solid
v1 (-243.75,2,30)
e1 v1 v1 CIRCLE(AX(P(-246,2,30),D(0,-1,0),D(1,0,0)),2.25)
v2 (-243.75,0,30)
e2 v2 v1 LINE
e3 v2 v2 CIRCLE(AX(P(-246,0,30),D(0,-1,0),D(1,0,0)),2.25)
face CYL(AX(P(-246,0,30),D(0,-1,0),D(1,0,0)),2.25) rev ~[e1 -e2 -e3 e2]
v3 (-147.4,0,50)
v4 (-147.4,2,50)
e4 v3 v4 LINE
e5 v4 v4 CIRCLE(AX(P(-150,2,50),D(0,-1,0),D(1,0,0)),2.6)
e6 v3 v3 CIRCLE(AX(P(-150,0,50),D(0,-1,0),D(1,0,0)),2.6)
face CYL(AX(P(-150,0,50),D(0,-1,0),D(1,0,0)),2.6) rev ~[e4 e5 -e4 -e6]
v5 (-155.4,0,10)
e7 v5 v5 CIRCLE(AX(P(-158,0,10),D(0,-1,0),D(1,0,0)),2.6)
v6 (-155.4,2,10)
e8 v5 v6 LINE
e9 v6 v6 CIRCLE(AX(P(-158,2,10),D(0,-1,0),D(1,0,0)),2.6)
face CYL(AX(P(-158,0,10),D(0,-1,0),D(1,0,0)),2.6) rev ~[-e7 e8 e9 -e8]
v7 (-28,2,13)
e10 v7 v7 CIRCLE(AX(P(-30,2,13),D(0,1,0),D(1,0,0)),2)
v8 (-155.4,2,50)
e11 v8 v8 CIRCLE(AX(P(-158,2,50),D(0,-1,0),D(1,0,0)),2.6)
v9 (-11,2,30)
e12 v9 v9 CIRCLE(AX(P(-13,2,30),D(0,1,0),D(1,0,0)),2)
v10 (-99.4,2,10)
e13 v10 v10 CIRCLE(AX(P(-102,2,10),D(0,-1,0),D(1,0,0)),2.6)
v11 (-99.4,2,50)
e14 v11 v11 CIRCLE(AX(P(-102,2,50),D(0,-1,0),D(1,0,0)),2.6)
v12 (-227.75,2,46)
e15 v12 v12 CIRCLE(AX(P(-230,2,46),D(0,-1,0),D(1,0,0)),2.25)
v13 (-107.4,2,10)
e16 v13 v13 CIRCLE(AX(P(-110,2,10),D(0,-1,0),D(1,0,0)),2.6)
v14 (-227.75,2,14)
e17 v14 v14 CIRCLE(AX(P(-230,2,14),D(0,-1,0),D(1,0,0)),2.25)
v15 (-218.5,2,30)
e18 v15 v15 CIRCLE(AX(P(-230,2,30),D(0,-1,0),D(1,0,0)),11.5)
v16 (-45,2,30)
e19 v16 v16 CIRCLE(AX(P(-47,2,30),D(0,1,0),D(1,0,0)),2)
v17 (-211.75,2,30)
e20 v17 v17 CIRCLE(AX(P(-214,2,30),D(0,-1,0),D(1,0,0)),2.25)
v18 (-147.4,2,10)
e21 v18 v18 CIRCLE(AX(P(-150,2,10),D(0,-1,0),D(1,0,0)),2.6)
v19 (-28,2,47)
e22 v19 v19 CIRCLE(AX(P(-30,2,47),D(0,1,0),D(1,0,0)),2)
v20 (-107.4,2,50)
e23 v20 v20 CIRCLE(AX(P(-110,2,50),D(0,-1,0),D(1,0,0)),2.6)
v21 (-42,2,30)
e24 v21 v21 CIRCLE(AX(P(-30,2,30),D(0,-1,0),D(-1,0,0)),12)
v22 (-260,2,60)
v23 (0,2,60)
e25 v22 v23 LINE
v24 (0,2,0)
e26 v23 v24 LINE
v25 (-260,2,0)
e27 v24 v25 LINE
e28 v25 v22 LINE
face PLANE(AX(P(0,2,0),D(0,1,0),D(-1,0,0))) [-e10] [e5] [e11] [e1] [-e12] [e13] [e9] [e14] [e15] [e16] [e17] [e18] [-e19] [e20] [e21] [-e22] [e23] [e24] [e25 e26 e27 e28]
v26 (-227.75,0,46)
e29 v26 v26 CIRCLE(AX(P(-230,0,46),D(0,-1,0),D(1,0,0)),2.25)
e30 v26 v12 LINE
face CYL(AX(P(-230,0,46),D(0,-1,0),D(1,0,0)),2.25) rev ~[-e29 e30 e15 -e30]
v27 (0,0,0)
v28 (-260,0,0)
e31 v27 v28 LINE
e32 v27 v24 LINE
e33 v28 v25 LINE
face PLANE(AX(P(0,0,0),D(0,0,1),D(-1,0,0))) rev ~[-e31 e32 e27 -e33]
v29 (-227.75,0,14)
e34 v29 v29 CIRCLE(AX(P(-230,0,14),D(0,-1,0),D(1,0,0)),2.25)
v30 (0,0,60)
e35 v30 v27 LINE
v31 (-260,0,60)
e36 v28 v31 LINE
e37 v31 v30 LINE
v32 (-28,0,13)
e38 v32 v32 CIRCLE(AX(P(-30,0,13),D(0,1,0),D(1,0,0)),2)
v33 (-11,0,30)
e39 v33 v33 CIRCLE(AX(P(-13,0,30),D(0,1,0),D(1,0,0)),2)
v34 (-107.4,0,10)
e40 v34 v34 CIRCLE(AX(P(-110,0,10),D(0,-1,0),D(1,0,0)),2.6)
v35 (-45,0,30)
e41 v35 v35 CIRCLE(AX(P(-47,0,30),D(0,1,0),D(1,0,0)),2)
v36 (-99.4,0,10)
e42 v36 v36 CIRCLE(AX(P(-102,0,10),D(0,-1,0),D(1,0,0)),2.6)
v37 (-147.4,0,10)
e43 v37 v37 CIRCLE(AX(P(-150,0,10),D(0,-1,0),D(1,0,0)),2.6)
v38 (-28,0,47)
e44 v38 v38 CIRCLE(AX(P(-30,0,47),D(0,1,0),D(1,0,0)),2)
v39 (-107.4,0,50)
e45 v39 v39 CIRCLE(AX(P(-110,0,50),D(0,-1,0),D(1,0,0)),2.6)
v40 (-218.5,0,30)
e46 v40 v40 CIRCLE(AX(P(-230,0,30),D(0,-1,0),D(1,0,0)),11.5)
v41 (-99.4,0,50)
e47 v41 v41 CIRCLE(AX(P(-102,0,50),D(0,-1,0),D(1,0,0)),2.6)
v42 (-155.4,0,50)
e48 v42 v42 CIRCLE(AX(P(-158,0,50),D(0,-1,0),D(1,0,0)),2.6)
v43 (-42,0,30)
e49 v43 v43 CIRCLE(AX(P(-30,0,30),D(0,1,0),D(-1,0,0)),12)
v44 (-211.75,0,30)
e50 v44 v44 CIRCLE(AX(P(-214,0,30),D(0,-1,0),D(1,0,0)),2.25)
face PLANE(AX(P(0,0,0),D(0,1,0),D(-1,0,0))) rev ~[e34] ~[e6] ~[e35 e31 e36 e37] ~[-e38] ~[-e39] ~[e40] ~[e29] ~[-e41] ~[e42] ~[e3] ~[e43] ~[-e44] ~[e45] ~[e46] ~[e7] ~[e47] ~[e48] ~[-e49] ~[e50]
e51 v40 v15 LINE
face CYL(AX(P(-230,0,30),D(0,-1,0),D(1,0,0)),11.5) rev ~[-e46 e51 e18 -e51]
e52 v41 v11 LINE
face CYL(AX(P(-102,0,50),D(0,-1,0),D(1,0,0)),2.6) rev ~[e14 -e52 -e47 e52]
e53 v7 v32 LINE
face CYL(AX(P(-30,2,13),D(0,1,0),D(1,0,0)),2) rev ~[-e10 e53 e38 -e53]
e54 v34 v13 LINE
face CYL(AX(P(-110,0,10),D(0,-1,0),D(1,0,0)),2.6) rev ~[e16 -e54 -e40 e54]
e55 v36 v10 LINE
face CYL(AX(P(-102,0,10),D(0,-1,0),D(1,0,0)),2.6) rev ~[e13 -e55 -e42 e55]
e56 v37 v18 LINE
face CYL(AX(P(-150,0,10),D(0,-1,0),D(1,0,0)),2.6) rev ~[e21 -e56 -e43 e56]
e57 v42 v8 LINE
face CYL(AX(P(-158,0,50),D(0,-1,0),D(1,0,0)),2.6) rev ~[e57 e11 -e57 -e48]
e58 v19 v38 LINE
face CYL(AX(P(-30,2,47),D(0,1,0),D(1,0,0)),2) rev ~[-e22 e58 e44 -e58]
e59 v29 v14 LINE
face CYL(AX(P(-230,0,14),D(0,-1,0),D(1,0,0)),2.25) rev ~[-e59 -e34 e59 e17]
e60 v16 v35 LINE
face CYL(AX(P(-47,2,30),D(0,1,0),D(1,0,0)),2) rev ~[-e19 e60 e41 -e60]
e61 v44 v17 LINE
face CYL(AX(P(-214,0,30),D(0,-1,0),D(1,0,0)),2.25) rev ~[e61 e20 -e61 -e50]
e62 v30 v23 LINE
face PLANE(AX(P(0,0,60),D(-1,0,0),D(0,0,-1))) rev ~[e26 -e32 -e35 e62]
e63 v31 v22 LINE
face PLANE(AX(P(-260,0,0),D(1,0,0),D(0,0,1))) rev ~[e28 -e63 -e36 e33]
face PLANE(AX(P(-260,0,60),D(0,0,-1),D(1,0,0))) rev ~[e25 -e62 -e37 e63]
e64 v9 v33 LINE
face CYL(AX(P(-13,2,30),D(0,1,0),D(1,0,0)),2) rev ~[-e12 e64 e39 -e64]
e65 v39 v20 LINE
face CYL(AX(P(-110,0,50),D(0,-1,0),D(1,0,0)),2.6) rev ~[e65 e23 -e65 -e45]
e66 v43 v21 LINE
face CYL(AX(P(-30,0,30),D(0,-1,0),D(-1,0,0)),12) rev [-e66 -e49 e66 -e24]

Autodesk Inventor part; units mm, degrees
ref_plane "YZ Plane" through (0, 0, 0) normal (1, 0, 0) x (0, 1, 0)
ref_plane "XZ Plane" through (0, 0, 0) normal (0, 1, 0) x (-1, 0, 0)
ref_plane "XY Plane" through (0, 0, 0) normal (0, 0, 1) x (1, 0, 0)
sketch "スケッチ1" plane through (0, 0, 0) normal (0, 1, 0) x (-1, 0, 0)
  line L0 (0, 0) -> (260, 0)
  line L1 (260, 0) -> (260, 60)
  line L2 (260, 60) -> (0, 60)
  line L3 (0, 60) -> (0, 0)
  dimension "d0" = 260
  dimension "d1" = 60
extrude "押し出し1" add sketch "スケッチ1" along normal blind 2
sketch "スケッチ2" plane through (0, 0, 0) normal (0, 1, 0) x (-1, 0, 0)
  circle A0 centre (30, 30) radius 12
  line L0 (0, 60) -> (0, 0) projected
  line L1 (0, 0) -> (260, 0) projected
  dimension "d4" = 24
  dimension "d5" = 30
  dimension "d6" = 30
extrude "押し出し2" cut sketch "スケッチ2" along normal blind 10
sketch "スケッチ3" plane through (0, 2, 0) normal (0, 1, 0) x (1, 0, 0)
  circle A0 centre (-30, -30) radius 12 projected
  circle A1 centre (-30, -13) radius 2
  circle A2 centre (-13, -30) radius 2
  circle A3 centre (-47, -30) radius 2
  circle A4 centre (-30, -47) radius 2
  point P0 (0, 0)
  dimension "d10" = 4
  dimension "d11" = 4
  dimension "d12" = 4
  dimension "d13" = 4
extrude "押し出し3" cut sketch "スケッチ3" against normal blind 10 contours A1 | A2 | A3 | A4
sketch "スケッチ4" plane through (0, 0, 0) normal (0, -1, 0) x (1, 0, 0)
  circle A0 centre (-230, 30) radius 11.5
  line L0 (-260, 0) -> (-260, 60) projected
  point P0 (0, 0)
  dimension "d16" = 23
  dimension "d26" = 30
extrude "押し出し4" cut sketch "スケッチ4" against normal blind 10
sketch "スケッチ5" plane through (0, 0, 0) normal (0, -1, 0) x (1, 0, 0)
  circle A0 centre (-230, 30) radius 11.5 projected
  circle A1 centre (-246, 30) radius 2.25
  circle A2 centre (-230, 46) radius 2.25
  circle A3 centre (-214, 30) radius 2.25
  circle A4 centre (-230, 14) radius 2.25
  point P0 (0, 0)
  dimension "d28" = 4.5
  dimension "d29" = 4.5
  dimension "d30" = 4.5
  dimension "d31" = 4.5
extrude "押し出し6" cut sketch "スケッチ5" against normal blind 10 contours A1 | A2 | A3 | A4
sketch "スケッチ6" plane through (0, 0, 0) normal (0, -1, 0) x (1, 0, 0)
  circle A0 centre (-158, 10) radius 2.6
  line L0 (0, 0) -> (-260, 0) projected
  circle A1 centre (-150, 10) radius 2.6
  circle A2 centre (-110, 10) radius 2.6
  circle A3 centre (-102, 10) radius 2.6
  circle A4 centre (-158, 50) radius 2.6
  line L1 (-260, 60) -> (0, 60) projected
  circle A5 centre (-150, 50) radius 2.6
  circle A6 centre (-110, 50) radius 2.6
  circle A7 centre (-102, 50) radius 2.6
  line L2 (-260, 0) -> (-260, 60) projected
  dimension "d34" = 5.2
  dimension "d35" = 10
  dimension "d36" = 5.2
  dimension "d37" = 8
  dimension "d38" = 5.2
  dimension "d39" = 40
  dimension "d40" = 5.2
  dimension "d41" = 8
  dimension "d42" = 5.2
  dimension "d43" = 10
  dimension "d44" = 5.2
  dimension "d45" = 5.2
  dimension "d46" = 5.2
  dimension "d49" = 102
  dimension "d50" = 40
  dimension "d51" = 8
  dimension "d52" = 8
  dimension "d53" = 102
extrude "押し出し7" cut sketch "スケッチ6" against normal blind 10
properties part number "UpperArm1" material "アルミニウム 6061"
